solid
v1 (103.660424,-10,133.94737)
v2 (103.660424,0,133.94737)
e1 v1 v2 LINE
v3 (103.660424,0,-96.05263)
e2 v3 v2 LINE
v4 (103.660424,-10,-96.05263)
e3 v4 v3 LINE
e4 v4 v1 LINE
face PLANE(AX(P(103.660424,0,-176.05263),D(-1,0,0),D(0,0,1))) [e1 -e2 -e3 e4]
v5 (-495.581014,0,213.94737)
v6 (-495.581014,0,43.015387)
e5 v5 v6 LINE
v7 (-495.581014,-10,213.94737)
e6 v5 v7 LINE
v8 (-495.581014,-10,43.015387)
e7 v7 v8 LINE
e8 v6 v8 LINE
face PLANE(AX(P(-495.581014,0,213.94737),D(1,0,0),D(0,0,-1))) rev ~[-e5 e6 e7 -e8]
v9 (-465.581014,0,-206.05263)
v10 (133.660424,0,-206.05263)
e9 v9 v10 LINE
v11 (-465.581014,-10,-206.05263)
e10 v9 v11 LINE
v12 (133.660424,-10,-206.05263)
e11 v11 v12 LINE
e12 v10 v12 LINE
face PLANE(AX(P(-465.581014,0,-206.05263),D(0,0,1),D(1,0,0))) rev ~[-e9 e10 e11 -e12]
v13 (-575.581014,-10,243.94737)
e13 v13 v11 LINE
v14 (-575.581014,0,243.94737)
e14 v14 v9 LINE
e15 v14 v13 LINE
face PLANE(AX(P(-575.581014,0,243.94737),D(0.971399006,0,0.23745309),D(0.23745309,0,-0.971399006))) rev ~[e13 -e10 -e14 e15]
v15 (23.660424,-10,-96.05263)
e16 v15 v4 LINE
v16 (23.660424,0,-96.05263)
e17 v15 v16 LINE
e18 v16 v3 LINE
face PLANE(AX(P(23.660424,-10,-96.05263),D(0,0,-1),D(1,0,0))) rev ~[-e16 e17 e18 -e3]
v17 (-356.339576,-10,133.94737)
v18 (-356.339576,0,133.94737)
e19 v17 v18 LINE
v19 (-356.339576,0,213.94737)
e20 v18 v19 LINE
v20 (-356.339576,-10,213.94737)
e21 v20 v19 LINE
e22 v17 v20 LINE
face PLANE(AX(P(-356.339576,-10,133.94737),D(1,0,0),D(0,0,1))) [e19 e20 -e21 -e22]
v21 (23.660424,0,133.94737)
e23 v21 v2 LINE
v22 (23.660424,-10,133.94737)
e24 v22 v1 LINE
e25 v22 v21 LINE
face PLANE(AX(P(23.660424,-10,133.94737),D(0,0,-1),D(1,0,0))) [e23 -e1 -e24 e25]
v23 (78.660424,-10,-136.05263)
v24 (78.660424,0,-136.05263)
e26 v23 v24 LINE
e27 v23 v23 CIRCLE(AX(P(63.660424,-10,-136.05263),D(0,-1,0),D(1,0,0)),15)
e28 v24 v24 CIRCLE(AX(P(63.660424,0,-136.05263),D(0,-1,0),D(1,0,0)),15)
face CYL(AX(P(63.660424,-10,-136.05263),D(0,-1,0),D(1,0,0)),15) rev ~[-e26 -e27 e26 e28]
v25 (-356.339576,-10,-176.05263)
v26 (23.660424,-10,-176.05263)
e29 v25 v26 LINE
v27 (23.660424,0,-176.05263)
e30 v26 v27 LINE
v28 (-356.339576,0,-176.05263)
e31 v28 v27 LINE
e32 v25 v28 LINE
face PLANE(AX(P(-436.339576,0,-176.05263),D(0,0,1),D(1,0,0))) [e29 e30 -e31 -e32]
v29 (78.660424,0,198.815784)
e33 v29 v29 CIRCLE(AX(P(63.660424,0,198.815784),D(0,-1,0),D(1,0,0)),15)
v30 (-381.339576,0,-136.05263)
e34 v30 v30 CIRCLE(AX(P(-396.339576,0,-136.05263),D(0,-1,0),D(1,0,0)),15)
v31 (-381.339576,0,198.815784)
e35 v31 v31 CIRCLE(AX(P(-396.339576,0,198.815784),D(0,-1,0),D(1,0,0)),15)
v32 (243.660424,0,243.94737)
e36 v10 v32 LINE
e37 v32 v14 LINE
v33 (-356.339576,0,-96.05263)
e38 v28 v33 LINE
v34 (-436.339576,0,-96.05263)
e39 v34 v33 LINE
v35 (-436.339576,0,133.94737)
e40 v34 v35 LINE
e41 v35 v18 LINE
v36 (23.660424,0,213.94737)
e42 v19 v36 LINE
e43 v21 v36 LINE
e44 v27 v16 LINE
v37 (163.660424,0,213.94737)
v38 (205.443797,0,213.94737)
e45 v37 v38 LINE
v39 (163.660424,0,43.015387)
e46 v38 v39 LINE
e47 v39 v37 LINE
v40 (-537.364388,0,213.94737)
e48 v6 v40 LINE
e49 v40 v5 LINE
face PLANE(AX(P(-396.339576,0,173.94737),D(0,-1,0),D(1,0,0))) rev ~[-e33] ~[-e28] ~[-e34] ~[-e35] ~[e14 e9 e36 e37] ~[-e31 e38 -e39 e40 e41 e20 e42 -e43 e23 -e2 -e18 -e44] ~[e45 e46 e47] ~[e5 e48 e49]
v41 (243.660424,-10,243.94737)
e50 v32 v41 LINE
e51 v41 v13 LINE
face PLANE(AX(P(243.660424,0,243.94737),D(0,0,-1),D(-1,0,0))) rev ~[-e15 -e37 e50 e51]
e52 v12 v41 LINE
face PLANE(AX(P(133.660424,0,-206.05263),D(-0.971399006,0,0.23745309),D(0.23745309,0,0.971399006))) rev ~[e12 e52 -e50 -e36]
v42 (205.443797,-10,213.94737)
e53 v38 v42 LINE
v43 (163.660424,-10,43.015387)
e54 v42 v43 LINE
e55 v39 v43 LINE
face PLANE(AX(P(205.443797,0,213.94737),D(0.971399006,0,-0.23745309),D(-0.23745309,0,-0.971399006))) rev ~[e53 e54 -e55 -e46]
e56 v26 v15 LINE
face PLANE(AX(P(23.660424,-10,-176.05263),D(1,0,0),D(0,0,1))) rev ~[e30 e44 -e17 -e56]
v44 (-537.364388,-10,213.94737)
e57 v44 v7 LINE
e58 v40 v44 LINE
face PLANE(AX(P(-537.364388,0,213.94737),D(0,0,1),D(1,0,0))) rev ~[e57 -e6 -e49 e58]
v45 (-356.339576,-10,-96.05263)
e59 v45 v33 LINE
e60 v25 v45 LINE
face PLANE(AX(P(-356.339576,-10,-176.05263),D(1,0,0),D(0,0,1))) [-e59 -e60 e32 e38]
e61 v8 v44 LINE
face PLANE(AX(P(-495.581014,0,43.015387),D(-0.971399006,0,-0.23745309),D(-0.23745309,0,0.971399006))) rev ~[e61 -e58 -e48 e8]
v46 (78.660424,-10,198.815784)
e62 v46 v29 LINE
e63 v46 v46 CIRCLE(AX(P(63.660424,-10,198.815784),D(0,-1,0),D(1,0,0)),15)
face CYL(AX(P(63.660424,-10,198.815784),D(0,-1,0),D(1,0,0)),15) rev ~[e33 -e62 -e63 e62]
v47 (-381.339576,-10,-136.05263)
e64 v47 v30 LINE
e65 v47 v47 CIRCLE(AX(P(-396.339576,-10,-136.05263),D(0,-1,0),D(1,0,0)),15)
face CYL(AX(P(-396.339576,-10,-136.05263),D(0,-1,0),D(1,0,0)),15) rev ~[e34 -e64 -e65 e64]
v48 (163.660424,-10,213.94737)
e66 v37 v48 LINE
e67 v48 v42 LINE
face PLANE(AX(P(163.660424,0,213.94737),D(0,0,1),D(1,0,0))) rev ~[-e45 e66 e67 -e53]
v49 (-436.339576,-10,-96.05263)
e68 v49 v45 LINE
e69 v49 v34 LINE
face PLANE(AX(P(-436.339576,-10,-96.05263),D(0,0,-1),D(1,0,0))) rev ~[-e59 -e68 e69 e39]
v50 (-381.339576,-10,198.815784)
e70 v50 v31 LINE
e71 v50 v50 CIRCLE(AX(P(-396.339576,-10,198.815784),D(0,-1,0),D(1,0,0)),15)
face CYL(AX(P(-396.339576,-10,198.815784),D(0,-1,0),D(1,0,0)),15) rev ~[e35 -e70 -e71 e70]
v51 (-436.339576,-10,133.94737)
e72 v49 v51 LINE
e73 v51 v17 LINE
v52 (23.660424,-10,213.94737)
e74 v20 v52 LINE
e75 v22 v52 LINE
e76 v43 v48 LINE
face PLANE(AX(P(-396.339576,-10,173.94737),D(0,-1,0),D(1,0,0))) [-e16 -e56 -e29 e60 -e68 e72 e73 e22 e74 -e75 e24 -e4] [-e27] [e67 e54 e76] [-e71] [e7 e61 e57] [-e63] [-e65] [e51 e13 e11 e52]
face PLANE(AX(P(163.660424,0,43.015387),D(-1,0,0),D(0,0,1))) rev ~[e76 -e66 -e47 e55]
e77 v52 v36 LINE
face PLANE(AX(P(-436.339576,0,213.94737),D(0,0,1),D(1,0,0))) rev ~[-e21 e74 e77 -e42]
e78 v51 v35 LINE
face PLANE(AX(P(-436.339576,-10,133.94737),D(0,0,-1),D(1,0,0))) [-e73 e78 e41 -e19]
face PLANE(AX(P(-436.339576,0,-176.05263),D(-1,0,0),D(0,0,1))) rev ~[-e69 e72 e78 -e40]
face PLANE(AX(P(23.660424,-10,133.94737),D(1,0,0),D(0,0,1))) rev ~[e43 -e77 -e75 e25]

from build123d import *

# Parameters (mm, degrees)
F0_W     = 540
F0_H     = 390
F1_DEPTH = 10
F2_W     = 80
F2_H     = 80
F2_R     = 15
F3_DEPTH = 10


with BuildPart() as f1:
    # F0 (on Front) → F1 (new body)
    with BuildSketch(Plane.XZ):
        Polygon((-575.5810141563, 243.9473703504), (-465.5810141563, -206.0526296496), (133.660423523, -206.0526296496), (243.660423523, 243.9473703504), (133.660423523, 243.9473703504), (-465.5810141563, 243.9473703504), align=None)
        with Locations((-166.339576477, 18.9473703504)):
            Rectangle(F0_W, F0_H, mode=Mode.SUBTRACT)
        Polygon((-495.5810141563, 43.0153865893), (-537.3643879646, 213.9473703504), (-495.5810141563, 213.9473703504), align=None, mode=Mode.SUBTRACT)
        Polygon((163.660423523, 213.9473703504), (205.4437973313, 213.9473703504), (163.660423523, 43.0153865893), align=None, mode=Mode.SUBTRACT)
    extrude(amount=F1_DEPTH)

    # F2 (on face) → F3 (join)
    with BuildSketch(Plane.XZ.offset(10)):
        with Locations((-396.339576477, 173.9473703504)):
            Rectangle(F2_W, F2_H)
        with Locations((-396.339576477, 198.8157841563)):
            Circle(F2_R, mode=Mode.SUBTRACT)
        with Locations((63.660423523, 173.9473703504)):
            Rectangle(F2_W, F2_H)
        with Locations((63.660423523, 198.8157841563)):
            Circle(F2_R, mode=Mode.SUBTRACT)
        with Locations((63.660423523, -136.0526296496)):
            Rectangle(F2_W, F2_H)
        with Locations((63.660423523, -136.0526296496)):
            Circle(F2_R, mode=Mode.SUBTRACT)
        with Locations((-396.339576477, -136.0526296496)):
            Rectangle(F2_W, F2_H)
        with Locations((-396.339576477, -136.0526296496)):
            Circle(F2_R, mode=Mode.SUBTRACT)
    extrude(amount=-F3_DEPTH)


solid = f1.part
